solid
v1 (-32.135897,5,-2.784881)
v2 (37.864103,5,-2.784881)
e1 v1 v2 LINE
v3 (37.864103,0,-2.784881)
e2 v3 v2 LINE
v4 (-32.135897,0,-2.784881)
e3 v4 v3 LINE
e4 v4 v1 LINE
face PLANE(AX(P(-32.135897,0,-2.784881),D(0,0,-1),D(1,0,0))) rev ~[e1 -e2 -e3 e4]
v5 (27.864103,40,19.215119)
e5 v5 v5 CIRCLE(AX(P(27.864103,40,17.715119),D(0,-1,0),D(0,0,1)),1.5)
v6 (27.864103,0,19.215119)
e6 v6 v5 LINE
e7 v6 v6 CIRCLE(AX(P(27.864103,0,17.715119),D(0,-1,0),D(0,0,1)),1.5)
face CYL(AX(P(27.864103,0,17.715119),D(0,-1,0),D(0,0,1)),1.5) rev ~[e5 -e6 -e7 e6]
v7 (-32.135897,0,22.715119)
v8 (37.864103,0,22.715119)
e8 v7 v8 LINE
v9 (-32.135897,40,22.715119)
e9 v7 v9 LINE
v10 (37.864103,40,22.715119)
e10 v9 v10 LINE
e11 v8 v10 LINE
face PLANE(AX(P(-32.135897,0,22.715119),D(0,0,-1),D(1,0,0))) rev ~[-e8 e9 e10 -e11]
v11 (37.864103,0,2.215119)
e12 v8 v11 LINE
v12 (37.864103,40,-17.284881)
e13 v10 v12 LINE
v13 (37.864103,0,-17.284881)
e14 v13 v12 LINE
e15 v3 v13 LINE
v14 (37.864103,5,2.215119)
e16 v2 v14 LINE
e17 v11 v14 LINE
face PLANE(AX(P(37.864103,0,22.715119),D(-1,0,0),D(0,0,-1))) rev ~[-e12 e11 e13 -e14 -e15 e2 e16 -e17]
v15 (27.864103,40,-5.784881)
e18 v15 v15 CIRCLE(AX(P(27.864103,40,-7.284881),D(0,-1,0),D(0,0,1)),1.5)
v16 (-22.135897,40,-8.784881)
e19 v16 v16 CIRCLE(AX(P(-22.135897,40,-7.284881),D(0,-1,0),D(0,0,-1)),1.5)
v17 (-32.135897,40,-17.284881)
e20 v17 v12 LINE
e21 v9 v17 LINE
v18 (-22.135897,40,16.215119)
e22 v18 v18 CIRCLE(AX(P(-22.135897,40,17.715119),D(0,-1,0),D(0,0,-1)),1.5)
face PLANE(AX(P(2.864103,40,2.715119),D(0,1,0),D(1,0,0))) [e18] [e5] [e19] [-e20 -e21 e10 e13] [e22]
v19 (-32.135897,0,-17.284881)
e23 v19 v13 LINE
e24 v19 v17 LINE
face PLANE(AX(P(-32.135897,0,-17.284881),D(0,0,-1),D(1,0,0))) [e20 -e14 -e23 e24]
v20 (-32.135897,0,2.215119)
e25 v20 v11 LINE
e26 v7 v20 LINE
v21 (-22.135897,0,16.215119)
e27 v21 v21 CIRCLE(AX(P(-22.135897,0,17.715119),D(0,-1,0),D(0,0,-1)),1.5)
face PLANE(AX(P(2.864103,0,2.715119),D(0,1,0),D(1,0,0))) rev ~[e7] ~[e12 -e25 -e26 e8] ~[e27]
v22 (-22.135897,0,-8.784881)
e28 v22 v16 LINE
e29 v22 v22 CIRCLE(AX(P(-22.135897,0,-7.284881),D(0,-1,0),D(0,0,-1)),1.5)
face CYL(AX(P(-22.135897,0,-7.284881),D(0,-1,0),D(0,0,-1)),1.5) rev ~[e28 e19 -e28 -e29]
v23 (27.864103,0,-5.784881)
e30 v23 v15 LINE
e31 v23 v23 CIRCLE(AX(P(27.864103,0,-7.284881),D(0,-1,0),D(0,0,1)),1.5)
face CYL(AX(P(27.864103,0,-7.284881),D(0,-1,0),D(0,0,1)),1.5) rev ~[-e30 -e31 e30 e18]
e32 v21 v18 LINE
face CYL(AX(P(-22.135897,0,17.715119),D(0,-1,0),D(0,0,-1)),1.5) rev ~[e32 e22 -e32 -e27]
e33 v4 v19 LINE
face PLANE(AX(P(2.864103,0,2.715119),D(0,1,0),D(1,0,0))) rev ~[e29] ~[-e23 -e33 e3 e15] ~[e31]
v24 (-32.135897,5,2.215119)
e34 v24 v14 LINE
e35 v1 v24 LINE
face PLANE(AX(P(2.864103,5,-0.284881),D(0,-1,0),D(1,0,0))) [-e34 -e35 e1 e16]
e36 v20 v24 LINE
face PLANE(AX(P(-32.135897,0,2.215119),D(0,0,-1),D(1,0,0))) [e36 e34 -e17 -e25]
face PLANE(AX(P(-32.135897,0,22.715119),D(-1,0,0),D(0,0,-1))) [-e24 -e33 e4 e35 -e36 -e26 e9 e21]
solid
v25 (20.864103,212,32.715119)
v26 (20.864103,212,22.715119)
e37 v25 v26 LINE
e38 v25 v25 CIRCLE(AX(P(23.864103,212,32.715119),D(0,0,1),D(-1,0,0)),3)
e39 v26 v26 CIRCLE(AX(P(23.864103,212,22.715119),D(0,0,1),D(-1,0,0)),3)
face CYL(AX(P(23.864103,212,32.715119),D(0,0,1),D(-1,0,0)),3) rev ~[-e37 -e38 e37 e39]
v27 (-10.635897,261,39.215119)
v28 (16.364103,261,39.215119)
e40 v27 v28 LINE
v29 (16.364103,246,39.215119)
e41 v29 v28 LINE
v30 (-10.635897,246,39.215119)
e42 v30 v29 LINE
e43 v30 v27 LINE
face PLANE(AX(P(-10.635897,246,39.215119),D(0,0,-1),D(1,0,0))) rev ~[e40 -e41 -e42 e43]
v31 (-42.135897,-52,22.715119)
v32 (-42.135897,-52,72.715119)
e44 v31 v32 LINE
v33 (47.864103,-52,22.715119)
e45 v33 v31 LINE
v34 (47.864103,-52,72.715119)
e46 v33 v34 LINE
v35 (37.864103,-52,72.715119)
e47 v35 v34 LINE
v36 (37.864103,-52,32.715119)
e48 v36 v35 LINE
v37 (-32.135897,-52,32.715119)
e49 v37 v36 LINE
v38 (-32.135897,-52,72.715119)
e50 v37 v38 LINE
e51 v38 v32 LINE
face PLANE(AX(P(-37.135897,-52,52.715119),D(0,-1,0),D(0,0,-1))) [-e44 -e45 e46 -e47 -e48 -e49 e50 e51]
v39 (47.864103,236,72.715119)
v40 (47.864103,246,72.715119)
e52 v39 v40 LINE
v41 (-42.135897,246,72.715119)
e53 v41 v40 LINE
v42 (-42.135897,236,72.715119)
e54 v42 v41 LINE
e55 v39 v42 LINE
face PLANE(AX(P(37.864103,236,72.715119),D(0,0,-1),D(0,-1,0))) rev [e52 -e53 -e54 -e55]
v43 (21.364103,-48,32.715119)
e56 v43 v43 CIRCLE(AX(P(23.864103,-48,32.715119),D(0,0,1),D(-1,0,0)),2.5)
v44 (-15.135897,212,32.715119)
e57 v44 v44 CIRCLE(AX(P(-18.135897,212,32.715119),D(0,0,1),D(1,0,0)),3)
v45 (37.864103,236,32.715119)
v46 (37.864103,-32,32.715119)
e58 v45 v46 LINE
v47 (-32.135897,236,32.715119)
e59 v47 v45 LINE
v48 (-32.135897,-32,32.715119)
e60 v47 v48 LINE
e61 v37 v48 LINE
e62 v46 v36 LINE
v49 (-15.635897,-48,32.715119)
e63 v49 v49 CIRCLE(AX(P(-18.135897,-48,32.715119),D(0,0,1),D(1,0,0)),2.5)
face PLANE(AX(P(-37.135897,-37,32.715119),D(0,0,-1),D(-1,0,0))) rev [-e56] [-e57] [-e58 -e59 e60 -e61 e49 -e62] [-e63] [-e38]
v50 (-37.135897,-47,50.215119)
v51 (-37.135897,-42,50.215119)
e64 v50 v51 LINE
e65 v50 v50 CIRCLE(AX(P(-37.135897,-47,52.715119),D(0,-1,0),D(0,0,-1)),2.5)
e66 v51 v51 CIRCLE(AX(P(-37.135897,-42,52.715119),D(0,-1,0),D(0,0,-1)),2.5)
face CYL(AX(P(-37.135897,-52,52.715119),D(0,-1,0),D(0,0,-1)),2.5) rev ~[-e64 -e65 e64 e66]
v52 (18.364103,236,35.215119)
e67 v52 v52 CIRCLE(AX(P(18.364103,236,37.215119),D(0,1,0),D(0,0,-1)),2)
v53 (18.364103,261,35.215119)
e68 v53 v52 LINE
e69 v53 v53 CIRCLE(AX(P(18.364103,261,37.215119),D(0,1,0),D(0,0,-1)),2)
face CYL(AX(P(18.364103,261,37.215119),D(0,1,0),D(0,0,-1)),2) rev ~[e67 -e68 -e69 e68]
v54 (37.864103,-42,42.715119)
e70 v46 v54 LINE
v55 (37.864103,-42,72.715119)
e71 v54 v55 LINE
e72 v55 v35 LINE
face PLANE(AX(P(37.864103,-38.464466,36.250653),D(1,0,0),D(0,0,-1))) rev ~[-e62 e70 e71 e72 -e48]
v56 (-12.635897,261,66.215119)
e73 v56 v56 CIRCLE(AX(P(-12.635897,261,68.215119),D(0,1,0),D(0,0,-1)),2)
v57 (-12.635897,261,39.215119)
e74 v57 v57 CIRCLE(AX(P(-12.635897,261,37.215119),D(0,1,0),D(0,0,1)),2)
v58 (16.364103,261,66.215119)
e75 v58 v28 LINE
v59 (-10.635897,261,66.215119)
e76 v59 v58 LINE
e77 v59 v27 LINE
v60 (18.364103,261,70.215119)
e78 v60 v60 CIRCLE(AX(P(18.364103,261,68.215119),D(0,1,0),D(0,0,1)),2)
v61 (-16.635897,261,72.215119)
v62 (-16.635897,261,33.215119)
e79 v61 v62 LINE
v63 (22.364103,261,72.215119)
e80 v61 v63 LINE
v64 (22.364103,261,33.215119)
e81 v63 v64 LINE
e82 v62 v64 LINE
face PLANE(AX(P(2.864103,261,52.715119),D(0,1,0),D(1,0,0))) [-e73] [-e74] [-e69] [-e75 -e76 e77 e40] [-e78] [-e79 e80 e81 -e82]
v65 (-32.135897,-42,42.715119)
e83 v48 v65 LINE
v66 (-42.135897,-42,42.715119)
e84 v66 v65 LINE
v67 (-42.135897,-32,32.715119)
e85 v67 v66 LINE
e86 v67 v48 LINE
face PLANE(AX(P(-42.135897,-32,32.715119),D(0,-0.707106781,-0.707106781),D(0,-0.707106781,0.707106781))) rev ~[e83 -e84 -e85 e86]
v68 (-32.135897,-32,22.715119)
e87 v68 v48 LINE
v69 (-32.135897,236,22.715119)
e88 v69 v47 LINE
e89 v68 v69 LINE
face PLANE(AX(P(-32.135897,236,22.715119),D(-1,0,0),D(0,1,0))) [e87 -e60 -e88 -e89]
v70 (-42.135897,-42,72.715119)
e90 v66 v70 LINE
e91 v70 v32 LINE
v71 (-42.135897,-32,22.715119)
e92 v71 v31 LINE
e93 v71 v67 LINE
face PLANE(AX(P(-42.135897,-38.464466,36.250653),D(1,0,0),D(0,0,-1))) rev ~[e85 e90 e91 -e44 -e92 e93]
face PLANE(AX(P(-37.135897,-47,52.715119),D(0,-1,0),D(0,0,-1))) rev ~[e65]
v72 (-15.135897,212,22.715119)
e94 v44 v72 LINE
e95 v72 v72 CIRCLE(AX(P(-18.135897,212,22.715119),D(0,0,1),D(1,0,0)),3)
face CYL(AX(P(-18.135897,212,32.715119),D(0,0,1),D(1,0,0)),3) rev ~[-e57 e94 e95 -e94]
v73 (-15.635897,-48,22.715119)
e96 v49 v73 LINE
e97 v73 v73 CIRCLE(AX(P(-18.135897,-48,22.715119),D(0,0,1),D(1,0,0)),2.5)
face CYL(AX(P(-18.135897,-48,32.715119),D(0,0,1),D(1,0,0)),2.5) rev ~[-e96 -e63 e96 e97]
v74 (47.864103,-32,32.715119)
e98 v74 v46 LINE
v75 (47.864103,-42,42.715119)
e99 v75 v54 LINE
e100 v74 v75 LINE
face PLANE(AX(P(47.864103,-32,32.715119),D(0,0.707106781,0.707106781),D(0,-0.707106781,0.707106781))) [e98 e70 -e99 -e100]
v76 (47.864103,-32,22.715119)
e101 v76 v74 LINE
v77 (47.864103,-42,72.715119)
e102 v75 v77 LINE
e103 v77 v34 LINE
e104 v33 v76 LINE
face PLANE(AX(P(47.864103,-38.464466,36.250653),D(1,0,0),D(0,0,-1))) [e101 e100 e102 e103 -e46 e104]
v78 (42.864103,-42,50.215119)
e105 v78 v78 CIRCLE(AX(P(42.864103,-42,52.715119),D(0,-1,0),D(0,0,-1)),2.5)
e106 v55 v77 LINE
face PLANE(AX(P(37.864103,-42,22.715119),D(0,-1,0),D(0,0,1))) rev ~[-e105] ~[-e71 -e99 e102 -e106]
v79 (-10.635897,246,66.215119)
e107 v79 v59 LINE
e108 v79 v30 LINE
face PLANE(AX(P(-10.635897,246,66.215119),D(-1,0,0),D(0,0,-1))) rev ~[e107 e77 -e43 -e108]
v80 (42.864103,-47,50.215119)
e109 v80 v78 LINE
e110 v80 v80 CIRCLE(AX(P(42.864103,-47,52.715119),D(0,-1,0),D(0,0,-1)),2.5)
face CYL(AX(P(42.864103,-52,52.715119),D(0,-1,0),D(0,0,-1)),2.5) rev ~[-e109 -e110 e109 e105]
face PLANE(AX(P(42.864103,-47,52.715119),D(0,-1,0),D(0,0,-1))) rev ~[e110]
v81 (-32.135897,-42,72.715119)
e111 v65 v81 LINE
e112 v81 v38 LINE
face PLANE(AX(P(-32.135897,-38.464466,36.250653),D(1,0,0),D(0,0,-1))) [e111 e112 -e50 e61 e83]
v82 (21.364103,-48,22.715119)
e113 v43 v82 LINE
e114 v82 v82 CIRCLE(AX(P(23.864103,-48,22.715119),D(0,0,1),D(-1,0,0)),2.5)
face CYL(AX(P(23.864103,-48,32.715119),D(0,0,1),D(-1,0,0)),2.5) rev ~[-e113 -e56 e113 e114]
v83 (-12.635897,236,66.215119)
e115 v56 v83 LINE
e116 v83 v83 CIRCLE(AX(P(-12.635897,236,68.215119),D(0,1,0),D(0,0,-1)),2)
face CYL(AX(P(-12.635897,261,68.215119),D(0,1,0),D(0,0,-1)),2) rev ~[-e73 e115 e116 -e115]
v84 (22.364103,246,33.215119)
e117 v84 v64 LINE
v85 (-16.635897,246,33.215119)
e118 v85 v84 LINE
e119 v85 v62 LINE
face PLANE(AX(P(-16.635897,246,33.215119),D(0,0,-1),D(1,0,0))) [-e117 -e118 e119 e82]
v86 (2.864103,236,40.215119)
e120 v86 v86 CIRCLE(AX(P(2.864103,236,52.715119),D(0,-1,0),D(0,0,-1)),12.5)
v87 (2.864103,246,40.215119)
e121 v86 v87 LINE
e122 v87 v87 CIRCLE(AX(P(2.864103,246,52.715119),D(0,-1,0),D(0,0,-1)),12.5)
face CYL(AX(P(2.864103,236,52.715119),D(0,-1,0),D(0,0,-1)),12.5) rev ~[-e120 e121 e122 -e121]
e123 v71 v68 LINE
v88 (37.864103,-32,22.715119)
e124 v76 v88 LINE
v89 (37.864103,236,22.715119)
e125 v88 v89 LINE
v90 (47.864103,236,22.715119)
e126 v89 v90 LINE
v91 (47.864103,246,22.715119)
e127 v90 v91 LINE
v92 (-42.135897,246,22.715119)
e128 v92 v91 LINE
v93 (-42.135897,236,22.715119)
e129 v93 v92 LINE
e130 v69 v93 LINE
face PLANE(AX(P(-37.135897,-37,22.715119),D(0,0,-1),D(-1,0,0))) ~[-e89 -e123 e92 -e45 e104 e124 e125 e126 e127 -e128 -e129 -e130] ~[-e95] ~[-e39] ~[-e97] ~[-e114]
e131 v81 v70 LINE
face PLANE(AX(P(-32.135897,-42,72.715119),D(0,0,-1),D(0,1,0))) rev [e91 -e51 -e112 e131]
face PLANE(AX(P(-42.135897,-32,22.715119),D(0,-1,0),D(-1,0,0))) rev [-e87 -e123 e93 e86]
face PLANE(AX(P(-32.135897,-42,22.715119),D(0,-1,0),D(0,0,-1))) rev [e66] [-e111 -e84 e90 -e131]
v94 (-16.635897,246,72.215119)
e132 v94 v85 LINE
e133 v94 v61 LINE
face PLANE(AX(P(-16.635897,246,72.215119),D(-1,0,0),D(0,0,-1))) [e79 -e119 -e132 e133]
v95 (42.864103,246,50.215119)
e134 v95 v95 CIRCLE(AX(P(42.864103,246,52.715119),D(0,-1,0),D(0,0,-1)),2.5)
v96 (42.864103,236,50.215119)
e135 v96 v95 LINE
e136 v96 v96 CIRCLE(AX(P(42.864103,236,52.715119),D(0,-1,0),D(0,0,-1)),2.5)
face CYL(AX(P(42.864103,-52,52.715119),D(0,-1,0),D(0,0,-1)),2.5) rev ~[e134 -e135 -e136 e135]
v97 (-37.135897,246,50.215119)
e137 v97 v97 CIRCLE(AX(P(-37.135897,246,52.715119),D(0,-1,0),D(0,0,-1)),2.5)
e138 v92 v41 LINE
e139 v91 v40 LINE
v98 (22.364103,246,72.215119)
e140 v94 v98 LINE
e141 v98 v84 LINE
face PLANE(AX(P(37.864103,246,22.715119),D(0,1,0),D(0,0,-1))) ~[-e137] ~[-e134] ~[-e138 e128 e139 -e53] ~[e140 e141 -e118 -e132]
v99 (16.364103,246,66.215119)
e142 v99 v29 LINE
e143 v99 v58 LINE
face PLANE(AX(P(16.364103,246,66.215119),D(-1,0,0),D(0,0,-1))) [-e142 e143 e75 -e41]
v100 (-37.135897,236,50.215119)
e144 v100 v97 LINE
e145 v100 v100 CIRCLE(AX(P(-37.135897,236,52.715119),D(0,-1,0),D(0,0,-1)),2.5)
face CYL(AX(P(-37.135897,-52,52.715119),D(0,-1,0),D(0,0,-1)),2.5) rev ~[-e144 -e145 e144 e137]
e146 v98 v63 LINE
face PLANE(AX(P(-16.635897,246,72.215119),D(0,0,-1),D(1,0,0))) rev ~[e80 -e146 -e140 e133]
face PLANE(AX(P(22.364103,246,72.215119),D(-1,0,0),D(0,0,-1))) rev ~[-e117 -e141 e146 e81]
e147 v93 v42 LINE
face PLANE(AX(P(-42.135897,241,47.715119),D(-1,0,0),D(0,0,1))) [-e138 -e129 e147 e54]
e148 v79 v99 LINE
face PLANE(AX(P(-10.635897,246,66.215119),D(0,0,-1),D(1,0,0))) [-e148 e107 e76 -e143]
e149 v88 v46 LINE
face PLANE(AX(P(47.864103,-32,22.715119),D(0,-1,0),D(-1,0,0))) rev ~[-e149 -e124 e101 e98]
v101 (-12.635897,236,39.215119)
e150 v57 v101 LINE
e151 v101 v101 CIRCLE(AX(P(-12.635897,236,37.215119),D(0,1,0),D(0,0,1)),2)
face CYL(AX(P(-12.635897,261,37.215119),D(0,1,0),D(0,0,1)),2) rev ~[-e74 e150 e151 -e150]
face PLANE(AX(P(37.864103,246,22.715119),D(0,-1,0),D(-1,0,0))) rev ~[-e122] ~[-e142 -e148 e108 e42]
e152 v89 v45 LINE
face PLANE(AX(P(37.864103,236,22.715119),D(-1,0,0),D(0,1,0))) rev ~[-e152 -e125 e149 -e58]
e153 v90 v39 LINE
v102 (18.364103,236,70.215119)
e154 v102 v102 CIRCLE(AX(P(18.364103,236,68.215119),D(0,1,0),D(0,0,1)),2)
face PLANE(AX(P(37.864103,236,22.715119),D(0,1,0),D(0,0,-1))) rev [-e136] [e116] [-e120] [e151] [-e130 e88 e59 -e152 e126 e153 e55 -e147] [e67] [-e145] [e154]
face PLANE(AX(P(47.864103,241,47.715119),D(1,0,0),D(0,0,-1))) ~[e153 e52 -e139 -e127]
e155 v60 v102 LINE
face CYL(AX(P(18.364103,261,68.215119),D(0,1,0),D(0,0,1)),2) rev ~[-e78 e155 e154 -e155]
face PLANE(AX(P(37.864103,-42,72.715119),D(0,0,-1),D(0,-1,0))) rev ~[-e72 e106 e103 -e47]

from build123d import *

# Parameters (mm, degrees)
SKETCH_1_W               = 70
SKETCH_1_H               = 40
EXTRUDE_1_DEPTH          = 40
SKETCH_2_R               = 1.5
CUT_EXTRUDE_1_DEPTH      = 60.579081363
EXTRUDE_2_DEPTH          = 52
EXTRUDE_2_DEPTH_BACK     = 236
SKETCH_4_W               = 70
SKETCH_4_H               = 10
SKETCH_5_R               = 2.5
CUT_EXTRUDE_2_DEPTH      = 10
SKETCH_6_R               = 3
CUT_EXTRUDE_3_DEPTH      = 10
SKETCH_7_W               = 70
SKETCH_7_H               = 10
EXTRUDE_3_DEPTH          = 50
SKETCH_8_R               = 12.5
CUT_EXTRUDE_4_DEPTH      = 10
SKETCH_12_W              = 39
SKETCH_12_H              = 39
SKETCH_12_W_2            = 27
SKETCH_12_H_2            = 27
EXTRUDE_2_2_DEPTH        = 15
SKETCH_14_R              = 2
CUT_EXTRUDE_5_DEPTH      = 25
SKETCH_15_W              = 70
SKETCH_15_H              = 5
CUT_EXTRUDE_6_DEPTH      = 5
SKETCH_16_W              = 50
SKETCH_16_H              = 10
EXTRUDE_5_DEPTH          = 10
MIRROR_2_COPY_1_SKETCH_W = 50
MIRROR_2_COPY_1_SKETCH_H = 10
MIRROR_2_COPY_1_DEPTH    = 10
SKETCH_17_R              = 2.5
CUT_EXTRUDE_7_DEPTH      = 325.880687163
SKETCH_18_R              = 2.5
EXTRUDE_6_DEPTH          = 5
SKETCH_21_W              = 10
SKETCH_21_H              = 10
EXTRUDE_8_DEPTH          = 10
EXTRUDE_9_DEPTH          = 10
EXTRUDE_10_DEPTH         = 10


with BuildPart() as part:
    # 草图1 → 凸台-拉伸1 (new body)
    with BuildSketch(Plane(origin=(0, 0, 0), x_dir=(1, 0, 0), z_dir=(0, 1, 0))):
        with Locations((2.864103165, -2.71511892)):
            Rectangle(SKETCH_1_W, SKETCH_1_H)
    extrude(amount=EXTRUDE_1_DEPTH)

    # 草图2 → 切除-拉伸1 (cut, through all)
    with BuildSketch(Plane.XZ):
        with Locations(Location((-22.135896835, 17.71511892, 0), (0, 0, 270))):
            Circle(SKETCH_2_R)
        with Locations(Location((27.864103165, 17.71511892, 0), (0, 0, 90))):
            Circle(SKETCH_2_R)
        with Locations(Location((-22.135896835, -7.28488108, 0), (0, 0, 270))):
            Circle(SKETCH_2_R)
        with Locations(Location((27.864103165, -7.28488108, 0), (0, 0, 90))):
            Circle(SKETCH_2_R)
    extrude(amount=-CUT_EXTRUDE_1_DEPTH, mode=Mode.SUBTRACT)

    # 草图15 → 切除-拉伸6 (cut)
    with BuildSketch(Plane.XZ):
        with Locations((2.864103165, -0.28488108)):
            Rectangle(SKETCH_15_W, SKETCH_15_H)
    extrude(amount=-CUT_EXTRUDE_6_DEPTH, mode=Mode.SUBTRACT)


with BuildPart() as body_2:
    # 草图4 → Extrude 2 (new, two sides: drawn at the far end of the back side and taken through both)
    with BuildSketch(Plane.XZ.offset(-EXTRUDE_2_DEPTH_BACK)):
        with Locations((2.864103165, 27.71511892)):
            Rectangle(SKETCH_4_W, SKETCH_4_H)
    extrude(amount=EXTRUDE_2_DEPTH + EXTRUDE_2_DEPTH_BACK)

    # 草图5 → 切除-拉伸2 (cut)
    with BuildSketch(Plane.XY.offset(32.71511892)):
        with Locations((-18.135896835, -48)):
            Circle(SKETCH_5_R)
        with Locations(Location((23.864103165, -48, 0), (0, 0, 180))):
            Circle(SKETCH_5_R)
    extrude(amount=-CUT_EXTRUDE_2_DEPTH, mode=Mode.SUBTRACT)

    # 草图6 → 切除-拉伸3 (cut)
    with BuildSketch(Plane.XY.offset(32.71511892)):
        with Locations((-18.135896835, 212)):
            Circle(SKETCH_6_R)
        with Locations(Location((23.864103165, 212, 0), (0, 0, 180))):
            Circle(SKETCH_6_R)
    extrude(amount=-CUT_EXTRUDE_3_DEPTH, mode=Mode.SUBTRACT)

    # 草图7 → 凸台-拉伸3 (add)
    with BuildSketch(Plane(origin=(0, 0, 22.71511892), x_dir=(-1, 0, 0), z_dir=(0, 0, -1))):
        with Locations((-2.864103165, 241)):
            Rectangle(SKETCH_7_W, SKETCH_7_H)
    extrude(amount=-EXTRUDE_3_DEPTH)

    # 草图8 → 切除-拉伸4 (cut)
    with BuildSketch(Plane.XZ.offset(-236)):
        with Locations(Location((2.864103165, 52.71511892, 0), (0, 0, 270))):
            Circle(SKETCH_8_R)
    extrude(amount=-CUT_EXTRUDE_4_DEPTH, mode=Mode.SUBTRACT)

    # 草图12 → Extrude 2 2 (add)
    with BuildSketch(Plane(origin=(0, 246, 0), x_dir=(1, 0, 0), z_dir=(0, 1, 0))):
        with Locations((2.864103165, -52.71511892)):
            Rectangle(SKETCH_12_W, SKETCH_12_H)
        with Locations((2.864103165, -52.71511892)):
            Rectangle(SKETCH_12_W_2, SKETCH_12_H_2, mode=Mode.SUBTRACT)
    extrude(amount=EXTRUDE_2_2_DEPTH)

    # 草图14 → 切除-拉伸5 (cut)
    with BuildSketch(Plane(origin=(0, 261, 0), x_dir=(1, 0, 0), z_dir=(0, 1, 0))):
        with Locations(Location((-12.635896835, -37.21511892, 0), (0, 0, 270))):
            Circle(SKETCH_14_R)
        with Locations(Location((18.364103165, -37.21511892, 0), (0, 0, 90))):
            Circle(SKETCH_14_R)
        with Locations(Location((-12.635896835, -68.21511892, 0), (0, 0, 90))):
            Circle(SKETCH_14_R)
        with Locations(Location((18.364103165, -68.21511892, 0), (0, 0, 270))):
            Circle(SKETCH_14_R)
    extrude(amount=-CUT_EXTRUDE_5_DEPTH, mode=Mode.SUBTRACT)

    # 草图16 → 凸台-拉伸5 (add)
    with BuildSketch(Plane.ZY.offset(32.135896835)):
        with Locations((47.71511892, 241)):
            Rectangle(SKETCH_16_W, SKETCH_16_H)
    extrude_5 = extrude(amount=EXTRUDE_5_DEPTH)

    # 镜向1: 凸台-拉伸5 across plane
    add(extrude_5.mirror(Plane.ZX.offset(97)))

    # 镜向2: 凸台-拉伸5 across plane
    add(extrude_5.mirror(Plane.ZY.offset(-2.864103165)))

    # 镜向2 copy 1 sketch → 镜向2 copy 1 (add)
    with BuildSketch(Plane(origin=(37.864103165, 194, 0), x_dir=(0, 0, 1), z_dir=(1, 0, 0))):
        with Locations((47.71511892, 241)):
            Rectangle(MIRROR_2_COPY_1_SKETCH_W, MIRROR_2_COPY_1_SKETCH_H)
    extrude(amount=MIRROR_2_COPY_1_DEPTH)

    # 草图17 → 切除-拉伸7 (cut, through all)
    with BuildSketch(Plane.XZ.offset(52)):
        with Locations(Location((-37.135896835, 52.71511892, 0), (0, 0, 270))):
            Circle(SKETCH_17_R)
        with Locations(Location((42.864103165, 52.71511892, 0), (0, 0, 270))):
            Circle(SKETCH_17_R)
    extrude(amount=-CUT_EXTRUDE_7_DEPTH, mode=Mode.SUBTRACT)

    # 草图18 → 凸台-拉伸6 (add)
    with BuildSketch(Plane.XZ.offset(52)):
        with Locations(Location((-37.135896835, 52.71511892, 0), (0, 0, 270))):
            Circle(SKETCH_18_R)
        with Locations(Location((42.864103165, 52.71511892, 0), (0, 0, 270))):
            Circle(SKETCH_18_R)
    extrude(amount=-EXTRUDE_6_DEPTH)

    # 草图21 → 凸台-拉伸8 (add)
    with BuildSketch(Plane(origin=(0, 0, 22.71511892), x_dir=(-1, 0, 0), z_dir=(0, 0, -1))):
        with Locations((-42.864103165, -37)):
            Rectangle(SKETCH_21_W, SKETCH_21_H)
    extrude_8 = extrude(amount=-EXTRUDE_8_DEPTH)

    # 镜向3: 凸台-拉伸8 across plane
    add(extrude_8.mirror(Plane.ZY.offset(-2.864103165)))

    # 草图22 → 凸台-拉伸9 (add)
    with BuildSketch(Plane(origin=(47.864103165, 0, 0), x_dir=(0, 0, -1), z_dir=(1, 0, 0))):
        Polygon((-32.71511892, -32), (-42.71511892, -42), (-32.71511892, -42), align=None)
    extrude(amount=-EXTRUDE_9_DEPTH)

    # 草图23 → 凸台-拉伸10 (add)
    with BuildSketch(Plane.ZY.offset(42.135896835)):
        Polygon((32.71511892, -32), (42.71511892, -42), (32.71511892, -42), align=None)
    extrude(amount=-EXTRUDE_10_DEPTH)


solid = Compound([part.part, body_2.part])
